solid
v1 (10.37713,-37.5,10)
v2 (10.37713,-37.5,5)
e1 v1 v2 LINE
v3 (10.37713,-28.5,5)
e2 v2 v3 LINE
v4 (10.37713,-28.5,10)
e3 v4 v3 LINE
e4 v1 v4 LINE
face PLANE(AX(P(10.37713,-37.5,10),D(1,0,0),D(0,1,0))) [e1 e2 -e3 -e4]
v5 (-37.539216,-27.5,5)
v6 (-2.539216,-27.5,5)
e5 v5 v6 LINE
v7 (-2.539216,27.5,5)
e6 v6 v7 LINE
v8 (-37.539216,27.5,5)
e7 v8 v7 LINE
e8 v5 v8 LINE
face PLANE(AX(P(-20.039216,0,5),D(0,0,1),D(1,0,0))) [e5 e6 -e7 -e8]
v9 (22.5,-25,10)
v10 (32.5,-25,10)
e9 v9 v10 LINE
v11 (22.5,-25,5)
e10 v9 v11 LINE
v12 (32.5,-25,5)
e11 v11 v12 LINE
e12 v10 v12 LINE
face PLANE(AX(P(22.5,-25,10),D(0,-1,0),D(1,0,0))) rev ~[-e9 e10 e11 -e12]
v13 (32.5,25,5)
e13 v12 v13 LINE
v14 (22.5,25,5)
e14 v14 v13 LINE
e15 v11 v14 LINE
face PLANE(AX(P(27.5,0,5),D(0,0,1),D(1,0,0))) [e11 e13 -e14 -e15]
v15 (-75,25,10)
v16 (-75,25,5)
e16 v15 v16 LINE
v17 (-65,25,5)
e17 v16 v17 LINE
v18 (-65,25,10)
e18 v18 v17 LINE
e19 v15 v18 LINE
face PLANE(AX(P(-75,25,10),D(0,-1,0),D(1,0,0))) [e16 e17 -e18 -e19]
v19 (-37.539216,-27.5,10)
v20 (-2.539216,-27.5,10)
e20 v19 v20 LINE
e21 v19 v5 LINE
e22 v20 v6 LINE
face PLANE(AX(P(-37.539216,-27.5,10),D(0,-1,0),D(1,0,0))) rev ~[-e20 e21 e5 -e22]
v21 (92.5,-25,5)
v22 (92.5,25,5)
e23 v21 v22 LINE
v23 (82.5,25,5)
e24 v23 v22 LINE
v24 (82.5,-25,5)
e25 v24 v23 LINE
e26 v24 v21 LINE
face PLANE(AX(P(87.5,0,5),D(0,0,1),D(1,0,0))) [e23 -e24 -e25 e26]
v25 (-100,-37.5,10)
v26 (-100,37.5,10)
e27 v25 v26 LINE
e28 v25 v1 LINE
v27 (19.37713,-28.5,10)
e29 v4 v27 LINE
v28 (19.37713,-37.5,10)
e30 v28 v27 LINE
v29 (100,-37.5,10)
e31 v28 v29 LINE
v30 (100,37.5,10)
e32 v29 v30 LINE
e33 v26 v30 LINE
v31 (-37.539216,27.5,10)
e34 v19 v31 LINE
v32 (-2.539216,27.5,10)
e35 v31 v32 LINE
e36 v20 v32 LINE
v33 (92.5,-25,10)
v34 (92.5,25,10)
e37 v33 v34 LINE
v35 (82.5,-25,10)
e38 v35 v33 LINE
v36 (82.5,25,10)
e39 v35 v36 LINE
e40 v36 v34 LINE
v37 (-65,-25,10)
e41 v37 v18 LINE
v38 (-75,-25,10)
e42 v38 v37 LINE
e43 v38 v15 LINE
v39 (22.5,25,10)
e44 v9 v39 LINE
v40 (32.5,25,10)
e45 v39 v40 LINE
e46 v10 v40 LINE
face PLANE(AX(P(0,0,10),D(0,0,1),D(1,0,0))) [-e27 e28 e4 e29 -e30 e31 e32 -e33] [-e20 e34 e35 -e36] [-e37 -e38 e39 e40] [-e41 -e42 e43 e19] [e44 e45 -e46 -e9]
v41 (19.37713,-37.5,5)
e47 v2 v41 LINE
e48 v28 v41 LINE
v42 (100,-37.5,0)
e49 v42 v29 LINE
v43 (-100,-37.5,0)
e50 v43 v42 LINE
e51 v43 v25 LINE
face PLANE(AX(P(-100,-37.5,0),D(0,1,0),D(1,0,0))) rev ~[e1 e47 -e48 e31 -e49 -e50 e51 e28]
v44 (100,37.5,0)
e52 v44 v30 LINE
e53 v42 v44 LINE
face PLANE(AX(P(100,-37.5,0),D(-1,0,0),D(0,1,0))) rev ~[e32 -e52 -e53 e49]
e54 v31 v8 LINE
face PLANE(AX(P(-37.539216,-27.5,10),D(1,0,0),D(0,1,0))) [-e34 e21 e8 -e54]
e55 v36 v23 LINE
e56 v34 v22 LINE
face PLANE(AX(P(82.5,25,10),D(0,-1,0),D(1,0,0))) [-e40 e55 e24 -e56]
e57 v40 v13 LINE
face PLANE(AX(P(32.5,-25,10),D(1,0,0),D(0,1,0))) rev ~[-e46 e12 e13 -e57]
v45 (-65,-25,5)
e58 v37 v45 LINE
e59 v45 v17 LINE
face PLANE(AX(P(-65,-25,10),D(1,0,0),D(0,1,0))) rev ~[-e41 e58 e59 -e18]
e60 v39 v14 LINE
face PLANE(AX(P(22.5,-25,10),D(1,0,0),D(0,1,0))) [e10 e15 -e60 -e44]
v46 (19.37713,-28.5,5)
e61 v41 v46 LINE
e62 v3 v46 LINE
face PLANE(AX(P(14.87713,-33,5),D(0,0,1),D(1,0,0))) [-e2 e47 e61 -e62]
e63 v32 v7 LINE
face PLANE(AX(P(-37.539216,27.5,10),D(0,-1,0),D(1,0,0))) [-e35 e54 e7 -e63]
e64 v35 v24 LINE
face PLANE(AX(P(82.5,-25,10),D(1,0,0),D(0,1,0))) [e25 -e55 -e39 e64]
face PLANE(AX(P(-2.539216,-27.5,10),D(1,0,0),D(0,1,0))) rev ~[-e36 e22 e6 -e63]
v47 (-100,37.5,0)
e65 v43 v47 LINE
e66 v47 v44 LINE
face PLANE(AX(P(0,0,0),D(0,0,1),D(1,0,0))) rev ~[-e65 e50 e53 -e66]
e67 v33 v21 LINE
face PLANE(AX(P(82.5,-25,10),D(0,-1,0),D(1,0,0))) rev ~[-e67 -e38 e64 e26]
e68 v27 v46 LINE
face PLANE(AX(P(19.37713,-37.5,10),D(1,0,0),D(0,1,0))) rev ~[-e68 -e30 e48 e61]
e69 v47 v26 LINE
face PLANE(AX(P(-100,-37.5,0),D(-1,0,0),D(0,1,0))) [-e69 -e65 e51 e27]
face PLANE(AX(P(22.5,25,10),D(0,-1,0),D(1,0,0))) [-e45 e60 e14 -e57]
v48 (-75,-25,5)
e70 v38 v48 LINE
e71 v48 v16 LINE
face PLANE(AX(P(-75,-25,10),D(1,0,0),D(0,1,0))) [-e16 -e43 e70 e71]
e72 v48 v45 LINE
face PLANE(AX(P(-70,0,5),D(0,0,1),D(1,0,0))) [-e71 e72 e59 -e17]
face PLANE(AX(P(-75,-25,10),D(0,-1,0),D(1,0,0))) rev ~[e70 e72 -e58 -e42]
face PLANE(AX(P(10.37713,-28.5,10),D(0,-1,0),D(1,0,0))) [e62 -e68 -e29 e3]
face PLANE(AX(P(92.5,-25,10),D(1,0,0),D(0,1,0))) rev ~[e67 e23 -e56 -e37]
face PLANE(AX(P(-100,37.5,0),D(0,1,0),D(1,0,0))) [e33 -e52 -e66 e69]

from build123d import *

# Parameters (mm, degrees)
F0_W     = 200
F0_H     = 75
F1_DEPTH = 10
F2_W     = 10
F2_H     = 50
F3_DEPTH = 5
F4_W     = 35
F4_H     = 55
F4_W_2   = 9
F4_H_2   = 9
F5_DEPTH = 5


with BuildPart() as f1:
    # F0 (on Top) → F1 (new body)
    with BuildSketch(Plane.XY):
        Rectangle(F0_W, F0_H)
    extrude(amount=F1_DEPTH)

    # F2 (on face) → F3 (cut)
    with BuildSketch(Plane.XY.offset(10)):
        with Locations((-70, 0)):
            Rectangle(F2_W, F2_H)
        with Locations((27.5, 0)):
            Rectangle(F2_W, F2_H)
        with Locations((87.5, 0)):
            Rectangle(F2_W, F2_H)
    extrude(amount=-F3_DEPTH, mode=Mode.SUBTRACT)

    # F4 (on face) → F5 (cut)
    with BuildSketch(Plane.XY.offset(10)):
        with Locations((-20.039216, 0)):
            Rectangle(F4_W, F4_H)
        with Locations((14.87713, -33)):
            Rectangle(F4_W_2, F4_H_2)
    extrude(amount=-F5_DEPTH, mode=Mode.SUBTRACT)


solid = f1.part
